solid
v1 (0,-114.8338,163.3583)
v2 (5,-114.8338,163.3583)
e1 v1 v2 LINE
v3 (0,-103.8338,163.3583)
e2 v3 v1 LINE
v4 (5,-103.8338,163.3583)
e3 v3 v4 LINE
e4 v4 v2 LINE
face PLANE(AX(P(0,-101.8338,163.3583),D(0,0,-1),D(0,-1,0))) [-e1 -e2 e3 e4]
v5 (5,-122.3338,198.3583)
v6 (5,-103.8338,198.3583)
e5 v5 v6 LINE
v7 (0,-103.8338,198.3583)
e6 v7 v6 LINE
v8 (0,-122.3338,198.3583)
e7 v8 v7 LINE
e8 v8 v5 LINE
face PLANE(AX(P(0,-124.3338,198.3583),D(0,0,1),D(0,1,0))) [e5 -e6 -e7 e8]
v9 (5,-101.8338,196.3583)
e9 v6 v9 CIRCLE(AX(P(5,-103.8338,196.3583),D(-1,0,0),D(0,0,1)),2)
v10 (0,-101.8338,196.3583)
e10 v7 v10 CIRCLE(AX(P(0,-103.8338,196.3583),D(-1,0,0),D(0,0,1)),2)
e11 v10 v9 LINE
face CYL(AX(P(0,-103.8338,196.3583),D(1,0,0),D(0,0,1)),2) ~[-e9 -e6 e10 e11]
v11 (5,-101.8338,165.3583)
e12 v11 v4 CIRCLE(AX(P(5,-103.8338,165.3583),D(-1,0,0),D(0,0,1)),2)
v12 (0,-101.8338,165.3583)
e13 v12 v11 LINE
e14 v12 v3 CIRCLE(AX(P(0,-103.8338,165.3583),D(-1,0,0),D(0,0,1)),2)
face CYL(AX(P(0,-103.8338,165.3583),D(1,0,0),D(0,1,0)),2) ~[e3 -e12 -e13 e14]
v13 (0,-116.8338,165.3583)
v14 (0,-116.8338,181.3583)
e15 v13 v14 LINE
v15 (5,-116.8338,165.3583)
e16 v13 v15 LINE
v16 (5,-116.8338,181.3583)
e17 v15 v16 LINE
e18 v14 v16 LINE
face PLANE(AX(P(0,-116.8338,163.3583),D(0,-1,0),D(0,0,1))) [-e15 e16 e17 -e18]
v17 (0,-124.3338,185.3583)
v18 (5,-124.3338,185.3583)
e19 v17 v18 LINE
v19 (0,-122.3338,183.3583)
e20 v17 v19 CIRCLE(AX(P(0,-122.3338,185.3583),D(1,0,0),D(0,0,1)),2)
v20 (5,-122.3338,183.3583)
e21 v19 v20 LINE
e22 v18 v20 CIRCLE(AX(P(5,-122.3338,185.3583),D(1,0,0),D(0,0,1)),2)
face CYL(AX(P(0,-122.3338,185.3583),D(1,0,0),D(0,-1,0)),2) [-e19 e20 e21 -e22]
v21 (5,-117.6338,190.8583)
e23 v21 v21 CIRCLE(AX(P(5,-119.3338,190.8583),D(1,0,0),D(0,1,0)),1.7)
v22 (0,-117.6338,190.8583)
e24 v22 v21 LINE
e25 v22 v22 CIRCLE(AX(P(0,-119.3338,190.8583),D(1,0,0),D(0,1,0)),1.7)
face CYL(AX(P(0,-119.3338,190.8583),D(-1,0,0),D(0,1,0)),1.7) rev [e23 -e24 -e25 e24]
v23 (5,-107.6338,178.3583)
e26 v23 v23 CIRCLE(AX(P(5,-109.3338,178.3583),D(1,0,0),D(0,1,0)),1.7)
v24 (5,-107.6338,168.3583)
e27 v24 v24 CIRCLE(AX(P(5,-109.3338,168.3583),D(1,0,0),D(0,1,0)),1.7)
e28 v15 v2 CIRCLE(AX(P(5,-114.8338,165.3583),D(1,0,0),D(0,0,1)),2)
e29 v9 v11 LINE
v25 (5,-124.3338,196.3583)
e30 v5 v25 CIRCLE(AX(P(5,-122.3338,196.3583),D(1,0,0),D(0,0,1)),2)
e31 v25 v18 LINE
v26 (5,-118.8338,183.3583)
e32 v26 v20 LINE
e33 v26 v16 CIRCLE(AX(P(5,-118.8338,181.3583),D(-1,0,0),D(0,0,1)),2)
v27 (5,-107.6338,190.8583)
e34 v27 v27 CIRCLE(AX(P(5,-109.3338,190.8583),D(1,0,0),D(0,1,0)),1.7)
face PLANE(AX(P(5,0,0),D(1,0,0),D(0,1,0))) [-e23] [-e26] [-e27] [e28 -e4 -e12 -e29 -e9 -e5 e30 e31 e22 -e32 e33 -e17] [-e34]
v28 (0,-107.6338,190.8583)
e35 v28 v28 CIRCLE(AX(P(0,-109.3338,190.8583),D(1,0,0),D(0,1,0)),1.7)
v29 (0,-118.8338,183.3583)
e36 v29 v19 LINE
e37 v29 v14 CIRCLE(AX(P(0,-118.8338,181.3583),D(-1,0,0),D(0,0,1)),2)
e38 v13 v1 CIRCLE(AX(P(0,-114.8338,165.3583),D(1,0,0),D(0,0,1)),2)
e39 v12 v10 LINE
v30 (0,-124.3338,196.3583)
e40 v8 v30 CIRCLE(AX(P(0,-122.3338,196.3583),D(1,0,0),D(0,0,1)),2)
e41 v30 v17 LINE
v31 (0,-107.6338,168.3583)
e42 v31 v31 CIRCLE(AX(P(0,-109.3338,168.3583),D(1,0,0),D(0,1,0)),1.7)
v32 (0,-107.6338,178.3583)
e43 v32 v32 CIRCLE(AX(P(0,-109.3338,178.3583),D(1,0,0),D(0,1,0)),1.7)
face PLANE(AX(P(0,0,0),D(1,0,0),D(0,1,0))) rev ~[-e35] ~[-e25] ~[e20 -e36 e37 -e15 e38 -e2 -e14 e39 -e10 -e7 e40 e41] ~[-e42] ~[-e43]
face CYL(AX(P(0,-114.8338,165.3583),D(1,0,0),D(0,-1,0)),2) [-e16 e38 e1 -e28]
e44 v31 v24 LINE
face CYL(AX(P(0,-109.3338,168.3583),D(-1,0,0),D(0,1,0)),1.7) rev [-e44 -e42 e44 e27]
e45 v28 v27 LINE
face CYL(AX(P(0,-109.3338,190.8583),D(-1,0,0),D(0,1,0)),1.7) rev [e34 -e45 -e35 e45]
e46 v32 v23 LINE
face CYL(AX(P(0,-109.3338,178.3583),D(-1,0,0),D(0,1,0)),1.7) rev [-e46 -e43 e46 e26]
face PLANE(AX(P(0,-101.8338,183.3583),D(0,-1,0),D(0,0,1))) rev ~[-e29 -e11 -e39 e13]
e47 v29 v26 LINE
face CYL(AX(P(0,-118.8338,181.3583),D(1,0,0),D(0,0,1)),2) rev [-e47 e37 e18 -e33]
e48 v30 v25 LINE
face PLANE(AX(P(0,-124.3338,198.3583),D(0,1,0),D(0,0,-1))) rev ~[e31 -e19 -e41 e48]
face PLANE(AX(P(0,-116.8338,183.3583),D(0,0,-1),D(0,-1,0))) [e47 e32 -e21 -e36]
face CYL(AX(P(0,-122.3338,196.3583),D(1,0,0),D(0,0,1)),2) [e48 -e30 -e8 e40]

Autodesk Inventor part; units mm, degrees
ref_plane "YZ Plane" through (0, 0, 0) normal (1, 0, 0) x (0, 1, 0)
ref_plane "XZ Plane" through (0, 0, 0) normal (0, 1, 0) x (-1, 0, 0)
ref_plane "XY Plane" through (0, 0, 0) normal (0, 0, 1) x (1, 0, 0)
sketch "スケッチ1" plane through (0, 0, 0) normal (1, 0, 0) x (0, 1, 0)
  line L0 (-166.8338, 198.3583) -> (193.1662, 198.3583)
  line L1 (193.1662, 198.3583) -> (193.1662, 183.3583)
  line L2 (193.1662, 183.3583) -> (-166.8338, 183.3583)
  line L3 (-166.8338, 183.3583) -> (-166.8338, 198.3583)
  line L4 (-166.8338, 233.3583) -> (-181.8338, 233.3583)
  line L5 (-181.8338, 233.3583) -> (-181.8338, 5.8583)
  line L6 (-181.8338, 5.8583) -> (-166.8338, 5.8583)
  line L7 (-166.8338, 5.8583) -> (-166.8338, 233.3583)
  line L8 (-166.8338, 233.3583) -> (-181.8338, 233.3583)
  line L9 (-181.8338, 233.3583) -> (-181.8338, 218.3583)
  line L10 (-181.8338, 218.3583) -> (-166.8338, 218.3583)
  line L11 (-166.8338, 218.3583) -> (-166.8338, 233.3583)
  line L12 (-116.8338, 183.3583) -> (-101.8338, 183.3583)
  line L13 (-101.8338, 183.3583) -> (-101.8338, 5.8583)
  line L14 (-101.8338, 5.8583) -> (-116.8338, 5.8583)
  line L15 (-116.8338, 5.8583) -> (-116.8338, 183.3583)
  line L16 (193.1662, 183.3583) -> (178.1662, 183.3583)
  line L17 (178.1662, 183.3583) -> (178.1662, 5.8583)
  line L18 (178.1662, 5.8583) -> (193.1662, 5.8583)
  line L19 (193.1662, 5.8583) -> (193.1662, 183.3583)
  circle A0 centre (-141.8338, 138.3583) radius 12.5
  circle A1 centre (-141.8338, 98.3583) radius 18.75
  line L20 (193.1662, 5.8583) -> (-166.8338, 5.8583)
  line L21 (-181.8338, 158.3583) -> (-101.8338, 158.3583)
  line L22 (-101.8338, 78.3583) -> (-181.8338, 78.3583)
  circle A2 centre (-141.8338, 98.3583) radius 20
  line L23 (-124.3338, 198.3583) -> (-124.3338, 183.3583)
  line L24 (-101.8338, 183.3583) -> (-101.8338, 198.3583)
  line L25 (-146.8338, 198.3583) -> (-146.8338, 183.3583)
  line L26 (-166.8338, 205.8583) -> (-181.8338, 205.8583)
  line L27 (-166.8338, 175.8583) -> (-181.8338, 175.8583)
  circle A3 centre (158.1662, 138.3583) radius 12.5
  line L28 (193.1662, 163.3583) -> (178.1662, 163.3583)
  line L29 (170.6662, 198.3583) -> (170.6662, 183.3583)
  line L30 (-166.8338, -186.6417) -> (193.1662, -186.6417)
  line L31 (193.1662, -186.6417) -> (193.1662, -171.6417)
  line L32 (193.1662, -171.6417) -> (-166.8338, -171.6417)
  line L33 (-166.8338, -171.6417) -> (-166.8338, -186.6417)
  line L34 (-166.8338, -221.6417) -> (-181.8338, -221.6417)
  line L35 (-181.8338, -221.6417) -> (-181.8338, 5.8583)
  line L36 (-166.8338, 5.8583) -> (-166.8338, -221.6417)
  line L37 (-166.8338, -221.6417) -> (-181.8338, -221.6417)
  line L38 (-181.8338, -221.6417) -> (-181.8338, -206.6417)
  line L39 (-181.8338, -206.6417) -> (-166.8338, -206.6417)
  line L40 (-166.8338, -206.6417) -> (-166.8338, -221.6417)
  line L41 (-116.8338, -171.6417) -> (-101.8338, -171.6417)
  line L42 (-101.8338, -171.6417) -> (-101.8338, 5.8583)
  line L43 (-116.8338, 5.8583) -> (-116.8338, -171.6417)
  line L44 (193.1662, -171.6417) -> (178.1662, -171.6417)
  line L45 (178.1662, -171.6417) -> (178.1662, 5.8583)
  line L46 (193.1662, 5.8583) -> (193.1662, -171.6417)
  circle A4 centre (-141.8338, -126.6417) radius 12.5
  circle A5 centre (-141.8338, -86.6417) radius 18.75
  line L47 (-181.8338, -146.6417) -> (-101.8338, -146.6417)
  line L48 (-101.8338, -66.6417) -> (-181.8338, -66.6417)
  circle A6 centre (-141.8338, -86.6417) radius 20
  line L49 (-124.3338, -186.6417) -> (-124.3338, -171.6417)
  line L50 (-101.8338, -171.6417) -> (-101.8338, -186.6417)
  line L51 (-146.8338, -186.6417) -> (-146.8338, -171.6417)
  line L52 (-166.8338, -194.1417) -> (-181.8338, -194.1417)
  line L53 (-166.8338, -164.1417) -> (-181.8338, -164.1417)
  circle A7 centre (158.1662, -126.6417) radius 12.5
  line L54 (193.1662, -151.6417) -> (178.1662, -151.6417)
  line L55 (170.6662, -186.6417) -> (170.6662, -171.6417)
  line L56 (193.1662, 158.3583) -> (145.6662, 158.3583)
  line L57 (145.6662, 158.3583) -> (145.6662, 78.3583)
  line L58 (145.6662, 78.3583) -> (193.1662, 78.3583)
  line L59 (193.1662, 78.3583) -> (193.1662, 158.3583)
  line L60 (178.1662, 158.3583) -> (154.1437, 150.1934)
  line L61 (147.3229, 132.1397) -> (178.1662, 78.3583)
  circle A8 centre (-119.3338, 190.8583) radius 1.7
  circle A9 centre (-109.3338, 190.8583) radius 1.7
  circle A10 centre (-109.3338, 178.3583) radius 1.7
  circle A11 centre (-109.3338, 168.3583) radius 1.7
  line L62 (-101.8338, 163.3583) -> (-116.8338, 163.3583)
  point P0 (0, 0)
  point P1 (-174.3338, 200.8583)
  point P2 (-174.3338, 190.8583)
  point P3 (-174.3338, 180.8583)
  point P4 (-161.8338, 190.8583)
  point P5 (-151.8338, 190.8583)
  point P6 (185.6662, 178.3583)
  point P7 (185.6662, 168.3583)
  point P8 (185.6662, 190.8583)
  point P9 (175.6662, 190.8583)
  point P10 (-109.3338, 183.3583)
  point P11 (193.1662, 190.8583)
  point P12 (-109.3338, 98.3583)
  point P13 (-109.3338, 138.3583)
  point P14 (-174.3338, 138.3583)
  point P15 (-174.3338, 98.3583)
  point P16 (-174.3338, -86.6417)
  point P17 (-109.3338, -86.6417)
  point P18 (-109.3338, -126.6417)
  point P19 (-174.3338, -126.6417)
  point P20 (-174.3338, -169.1417)
  point P21 (-174.3338, -179.1417)
  point P22 (-174.3338, -189.1417)
  point P23 (-161.8338, -179.1417)
  point P24 (-151.8338, -179.1417)
  point P25 (-119.3338, -179.1417)
  point P26 (-109.3338, -179.1417)
  point P27 (-109.3338, -166.6417)
  point P28 (-109.3338, -156.6417)
  point P29 (175.6662, -179.1417)
  point P30 (185.6662, -179.1417)
  point P31 (185.6662, -166.6417)
  point P32 (185.6662, -156.6417)
  point P33 (185.6662, 138.3583)
  point P34 (185.6662, 98.3583)
  point P35 (178.1662, 94.6083)
  point P36 (185.6662, -86.6417)
  point P37 (185.6662, -126.6417)
  point P38 (-116.8338, 158.3583)
  dimension "d0" = 7.5
  dimension "d1" = 7.5
  dimension "d2" = 7.5
  dimension "d3" = 7.5
  dimension "d4" = 10
  dimension "d5" = 10
  dimension "d6" = 5
  dimension "d7" = 10
  dimension "d8" = 7.5
  dimension "d9" = 7.5
  dimension "d10" = 7.5
  dimension "d11" = 10
  dimension "d12" = 7.5
  dimension "d13" = 7.5
  dimension "d14" = 5
  dimension "d15" = 10
  dimension "d16" = 7.5
  dimension "d17" = 7.5
  dimension "d18" = 7.5
  dimension "d19" = 10
  dimension "d20" = 7.5
  dimension "d21" = 7.5
  dimension "d22" = 5
  dimension "d23" = 10
  dimension "d24" = 7.5
  dimension "d25" = 7.5
  dimension "d26" = 20
  dimension "d27" = 20
  dimension "d28" = 7.5
  dimension "d29" = 7.5
  dimension "d30" = 20
  dimension "d31" = 7.5
  dimension "d32" = 7.5
  dimension "d33" = 20
  dimension "d34" = 3.4
  dimension "d35" = 3.4
  dimension "d36" = 3.4
  dimension "d37" = 3.4
  dimension "d41" = 5
extrude "押し出し1" add sketch "スケッチ1" along normal blind 5 contours L0 L24 L2 L23 | L13 L62 L15 L2
fillet "フィレット1" radius 2 6 edges at (2.5, -101.8338, 198.3583) (2.5, -124.3338, 198.3583) (2.5, -124.3338, 183.3583) (2.5, -116.8338, 183.3583) (2.5, -116.8338, 163.3583) (2.5, -101.8338, 163.3583)
equation "\"d1\" = d0"
equation "\"d2\" = d0"
equation "\"d3\" = d0"
equation "\"d8\" = d0"
equation "\"d9\" = d0"
equation "\"d10\" = d0"
equation "\"d12\" = d0"
equation "\"d13\" = d0"
equation "\"d16\" = d0"
equation "\"d17\" = d0"
equation "\"d20\" = d18"
equation "\"d21\" = d18"
equation "\"d24\" = d18"
equation "\"d25\" = d18"
equation "\"d32\" = d31"
equation "\"d33\" = d30"
properties part number "ball_loading_v1_Plate_ASP_F_2" material "ABS プラスチック"
